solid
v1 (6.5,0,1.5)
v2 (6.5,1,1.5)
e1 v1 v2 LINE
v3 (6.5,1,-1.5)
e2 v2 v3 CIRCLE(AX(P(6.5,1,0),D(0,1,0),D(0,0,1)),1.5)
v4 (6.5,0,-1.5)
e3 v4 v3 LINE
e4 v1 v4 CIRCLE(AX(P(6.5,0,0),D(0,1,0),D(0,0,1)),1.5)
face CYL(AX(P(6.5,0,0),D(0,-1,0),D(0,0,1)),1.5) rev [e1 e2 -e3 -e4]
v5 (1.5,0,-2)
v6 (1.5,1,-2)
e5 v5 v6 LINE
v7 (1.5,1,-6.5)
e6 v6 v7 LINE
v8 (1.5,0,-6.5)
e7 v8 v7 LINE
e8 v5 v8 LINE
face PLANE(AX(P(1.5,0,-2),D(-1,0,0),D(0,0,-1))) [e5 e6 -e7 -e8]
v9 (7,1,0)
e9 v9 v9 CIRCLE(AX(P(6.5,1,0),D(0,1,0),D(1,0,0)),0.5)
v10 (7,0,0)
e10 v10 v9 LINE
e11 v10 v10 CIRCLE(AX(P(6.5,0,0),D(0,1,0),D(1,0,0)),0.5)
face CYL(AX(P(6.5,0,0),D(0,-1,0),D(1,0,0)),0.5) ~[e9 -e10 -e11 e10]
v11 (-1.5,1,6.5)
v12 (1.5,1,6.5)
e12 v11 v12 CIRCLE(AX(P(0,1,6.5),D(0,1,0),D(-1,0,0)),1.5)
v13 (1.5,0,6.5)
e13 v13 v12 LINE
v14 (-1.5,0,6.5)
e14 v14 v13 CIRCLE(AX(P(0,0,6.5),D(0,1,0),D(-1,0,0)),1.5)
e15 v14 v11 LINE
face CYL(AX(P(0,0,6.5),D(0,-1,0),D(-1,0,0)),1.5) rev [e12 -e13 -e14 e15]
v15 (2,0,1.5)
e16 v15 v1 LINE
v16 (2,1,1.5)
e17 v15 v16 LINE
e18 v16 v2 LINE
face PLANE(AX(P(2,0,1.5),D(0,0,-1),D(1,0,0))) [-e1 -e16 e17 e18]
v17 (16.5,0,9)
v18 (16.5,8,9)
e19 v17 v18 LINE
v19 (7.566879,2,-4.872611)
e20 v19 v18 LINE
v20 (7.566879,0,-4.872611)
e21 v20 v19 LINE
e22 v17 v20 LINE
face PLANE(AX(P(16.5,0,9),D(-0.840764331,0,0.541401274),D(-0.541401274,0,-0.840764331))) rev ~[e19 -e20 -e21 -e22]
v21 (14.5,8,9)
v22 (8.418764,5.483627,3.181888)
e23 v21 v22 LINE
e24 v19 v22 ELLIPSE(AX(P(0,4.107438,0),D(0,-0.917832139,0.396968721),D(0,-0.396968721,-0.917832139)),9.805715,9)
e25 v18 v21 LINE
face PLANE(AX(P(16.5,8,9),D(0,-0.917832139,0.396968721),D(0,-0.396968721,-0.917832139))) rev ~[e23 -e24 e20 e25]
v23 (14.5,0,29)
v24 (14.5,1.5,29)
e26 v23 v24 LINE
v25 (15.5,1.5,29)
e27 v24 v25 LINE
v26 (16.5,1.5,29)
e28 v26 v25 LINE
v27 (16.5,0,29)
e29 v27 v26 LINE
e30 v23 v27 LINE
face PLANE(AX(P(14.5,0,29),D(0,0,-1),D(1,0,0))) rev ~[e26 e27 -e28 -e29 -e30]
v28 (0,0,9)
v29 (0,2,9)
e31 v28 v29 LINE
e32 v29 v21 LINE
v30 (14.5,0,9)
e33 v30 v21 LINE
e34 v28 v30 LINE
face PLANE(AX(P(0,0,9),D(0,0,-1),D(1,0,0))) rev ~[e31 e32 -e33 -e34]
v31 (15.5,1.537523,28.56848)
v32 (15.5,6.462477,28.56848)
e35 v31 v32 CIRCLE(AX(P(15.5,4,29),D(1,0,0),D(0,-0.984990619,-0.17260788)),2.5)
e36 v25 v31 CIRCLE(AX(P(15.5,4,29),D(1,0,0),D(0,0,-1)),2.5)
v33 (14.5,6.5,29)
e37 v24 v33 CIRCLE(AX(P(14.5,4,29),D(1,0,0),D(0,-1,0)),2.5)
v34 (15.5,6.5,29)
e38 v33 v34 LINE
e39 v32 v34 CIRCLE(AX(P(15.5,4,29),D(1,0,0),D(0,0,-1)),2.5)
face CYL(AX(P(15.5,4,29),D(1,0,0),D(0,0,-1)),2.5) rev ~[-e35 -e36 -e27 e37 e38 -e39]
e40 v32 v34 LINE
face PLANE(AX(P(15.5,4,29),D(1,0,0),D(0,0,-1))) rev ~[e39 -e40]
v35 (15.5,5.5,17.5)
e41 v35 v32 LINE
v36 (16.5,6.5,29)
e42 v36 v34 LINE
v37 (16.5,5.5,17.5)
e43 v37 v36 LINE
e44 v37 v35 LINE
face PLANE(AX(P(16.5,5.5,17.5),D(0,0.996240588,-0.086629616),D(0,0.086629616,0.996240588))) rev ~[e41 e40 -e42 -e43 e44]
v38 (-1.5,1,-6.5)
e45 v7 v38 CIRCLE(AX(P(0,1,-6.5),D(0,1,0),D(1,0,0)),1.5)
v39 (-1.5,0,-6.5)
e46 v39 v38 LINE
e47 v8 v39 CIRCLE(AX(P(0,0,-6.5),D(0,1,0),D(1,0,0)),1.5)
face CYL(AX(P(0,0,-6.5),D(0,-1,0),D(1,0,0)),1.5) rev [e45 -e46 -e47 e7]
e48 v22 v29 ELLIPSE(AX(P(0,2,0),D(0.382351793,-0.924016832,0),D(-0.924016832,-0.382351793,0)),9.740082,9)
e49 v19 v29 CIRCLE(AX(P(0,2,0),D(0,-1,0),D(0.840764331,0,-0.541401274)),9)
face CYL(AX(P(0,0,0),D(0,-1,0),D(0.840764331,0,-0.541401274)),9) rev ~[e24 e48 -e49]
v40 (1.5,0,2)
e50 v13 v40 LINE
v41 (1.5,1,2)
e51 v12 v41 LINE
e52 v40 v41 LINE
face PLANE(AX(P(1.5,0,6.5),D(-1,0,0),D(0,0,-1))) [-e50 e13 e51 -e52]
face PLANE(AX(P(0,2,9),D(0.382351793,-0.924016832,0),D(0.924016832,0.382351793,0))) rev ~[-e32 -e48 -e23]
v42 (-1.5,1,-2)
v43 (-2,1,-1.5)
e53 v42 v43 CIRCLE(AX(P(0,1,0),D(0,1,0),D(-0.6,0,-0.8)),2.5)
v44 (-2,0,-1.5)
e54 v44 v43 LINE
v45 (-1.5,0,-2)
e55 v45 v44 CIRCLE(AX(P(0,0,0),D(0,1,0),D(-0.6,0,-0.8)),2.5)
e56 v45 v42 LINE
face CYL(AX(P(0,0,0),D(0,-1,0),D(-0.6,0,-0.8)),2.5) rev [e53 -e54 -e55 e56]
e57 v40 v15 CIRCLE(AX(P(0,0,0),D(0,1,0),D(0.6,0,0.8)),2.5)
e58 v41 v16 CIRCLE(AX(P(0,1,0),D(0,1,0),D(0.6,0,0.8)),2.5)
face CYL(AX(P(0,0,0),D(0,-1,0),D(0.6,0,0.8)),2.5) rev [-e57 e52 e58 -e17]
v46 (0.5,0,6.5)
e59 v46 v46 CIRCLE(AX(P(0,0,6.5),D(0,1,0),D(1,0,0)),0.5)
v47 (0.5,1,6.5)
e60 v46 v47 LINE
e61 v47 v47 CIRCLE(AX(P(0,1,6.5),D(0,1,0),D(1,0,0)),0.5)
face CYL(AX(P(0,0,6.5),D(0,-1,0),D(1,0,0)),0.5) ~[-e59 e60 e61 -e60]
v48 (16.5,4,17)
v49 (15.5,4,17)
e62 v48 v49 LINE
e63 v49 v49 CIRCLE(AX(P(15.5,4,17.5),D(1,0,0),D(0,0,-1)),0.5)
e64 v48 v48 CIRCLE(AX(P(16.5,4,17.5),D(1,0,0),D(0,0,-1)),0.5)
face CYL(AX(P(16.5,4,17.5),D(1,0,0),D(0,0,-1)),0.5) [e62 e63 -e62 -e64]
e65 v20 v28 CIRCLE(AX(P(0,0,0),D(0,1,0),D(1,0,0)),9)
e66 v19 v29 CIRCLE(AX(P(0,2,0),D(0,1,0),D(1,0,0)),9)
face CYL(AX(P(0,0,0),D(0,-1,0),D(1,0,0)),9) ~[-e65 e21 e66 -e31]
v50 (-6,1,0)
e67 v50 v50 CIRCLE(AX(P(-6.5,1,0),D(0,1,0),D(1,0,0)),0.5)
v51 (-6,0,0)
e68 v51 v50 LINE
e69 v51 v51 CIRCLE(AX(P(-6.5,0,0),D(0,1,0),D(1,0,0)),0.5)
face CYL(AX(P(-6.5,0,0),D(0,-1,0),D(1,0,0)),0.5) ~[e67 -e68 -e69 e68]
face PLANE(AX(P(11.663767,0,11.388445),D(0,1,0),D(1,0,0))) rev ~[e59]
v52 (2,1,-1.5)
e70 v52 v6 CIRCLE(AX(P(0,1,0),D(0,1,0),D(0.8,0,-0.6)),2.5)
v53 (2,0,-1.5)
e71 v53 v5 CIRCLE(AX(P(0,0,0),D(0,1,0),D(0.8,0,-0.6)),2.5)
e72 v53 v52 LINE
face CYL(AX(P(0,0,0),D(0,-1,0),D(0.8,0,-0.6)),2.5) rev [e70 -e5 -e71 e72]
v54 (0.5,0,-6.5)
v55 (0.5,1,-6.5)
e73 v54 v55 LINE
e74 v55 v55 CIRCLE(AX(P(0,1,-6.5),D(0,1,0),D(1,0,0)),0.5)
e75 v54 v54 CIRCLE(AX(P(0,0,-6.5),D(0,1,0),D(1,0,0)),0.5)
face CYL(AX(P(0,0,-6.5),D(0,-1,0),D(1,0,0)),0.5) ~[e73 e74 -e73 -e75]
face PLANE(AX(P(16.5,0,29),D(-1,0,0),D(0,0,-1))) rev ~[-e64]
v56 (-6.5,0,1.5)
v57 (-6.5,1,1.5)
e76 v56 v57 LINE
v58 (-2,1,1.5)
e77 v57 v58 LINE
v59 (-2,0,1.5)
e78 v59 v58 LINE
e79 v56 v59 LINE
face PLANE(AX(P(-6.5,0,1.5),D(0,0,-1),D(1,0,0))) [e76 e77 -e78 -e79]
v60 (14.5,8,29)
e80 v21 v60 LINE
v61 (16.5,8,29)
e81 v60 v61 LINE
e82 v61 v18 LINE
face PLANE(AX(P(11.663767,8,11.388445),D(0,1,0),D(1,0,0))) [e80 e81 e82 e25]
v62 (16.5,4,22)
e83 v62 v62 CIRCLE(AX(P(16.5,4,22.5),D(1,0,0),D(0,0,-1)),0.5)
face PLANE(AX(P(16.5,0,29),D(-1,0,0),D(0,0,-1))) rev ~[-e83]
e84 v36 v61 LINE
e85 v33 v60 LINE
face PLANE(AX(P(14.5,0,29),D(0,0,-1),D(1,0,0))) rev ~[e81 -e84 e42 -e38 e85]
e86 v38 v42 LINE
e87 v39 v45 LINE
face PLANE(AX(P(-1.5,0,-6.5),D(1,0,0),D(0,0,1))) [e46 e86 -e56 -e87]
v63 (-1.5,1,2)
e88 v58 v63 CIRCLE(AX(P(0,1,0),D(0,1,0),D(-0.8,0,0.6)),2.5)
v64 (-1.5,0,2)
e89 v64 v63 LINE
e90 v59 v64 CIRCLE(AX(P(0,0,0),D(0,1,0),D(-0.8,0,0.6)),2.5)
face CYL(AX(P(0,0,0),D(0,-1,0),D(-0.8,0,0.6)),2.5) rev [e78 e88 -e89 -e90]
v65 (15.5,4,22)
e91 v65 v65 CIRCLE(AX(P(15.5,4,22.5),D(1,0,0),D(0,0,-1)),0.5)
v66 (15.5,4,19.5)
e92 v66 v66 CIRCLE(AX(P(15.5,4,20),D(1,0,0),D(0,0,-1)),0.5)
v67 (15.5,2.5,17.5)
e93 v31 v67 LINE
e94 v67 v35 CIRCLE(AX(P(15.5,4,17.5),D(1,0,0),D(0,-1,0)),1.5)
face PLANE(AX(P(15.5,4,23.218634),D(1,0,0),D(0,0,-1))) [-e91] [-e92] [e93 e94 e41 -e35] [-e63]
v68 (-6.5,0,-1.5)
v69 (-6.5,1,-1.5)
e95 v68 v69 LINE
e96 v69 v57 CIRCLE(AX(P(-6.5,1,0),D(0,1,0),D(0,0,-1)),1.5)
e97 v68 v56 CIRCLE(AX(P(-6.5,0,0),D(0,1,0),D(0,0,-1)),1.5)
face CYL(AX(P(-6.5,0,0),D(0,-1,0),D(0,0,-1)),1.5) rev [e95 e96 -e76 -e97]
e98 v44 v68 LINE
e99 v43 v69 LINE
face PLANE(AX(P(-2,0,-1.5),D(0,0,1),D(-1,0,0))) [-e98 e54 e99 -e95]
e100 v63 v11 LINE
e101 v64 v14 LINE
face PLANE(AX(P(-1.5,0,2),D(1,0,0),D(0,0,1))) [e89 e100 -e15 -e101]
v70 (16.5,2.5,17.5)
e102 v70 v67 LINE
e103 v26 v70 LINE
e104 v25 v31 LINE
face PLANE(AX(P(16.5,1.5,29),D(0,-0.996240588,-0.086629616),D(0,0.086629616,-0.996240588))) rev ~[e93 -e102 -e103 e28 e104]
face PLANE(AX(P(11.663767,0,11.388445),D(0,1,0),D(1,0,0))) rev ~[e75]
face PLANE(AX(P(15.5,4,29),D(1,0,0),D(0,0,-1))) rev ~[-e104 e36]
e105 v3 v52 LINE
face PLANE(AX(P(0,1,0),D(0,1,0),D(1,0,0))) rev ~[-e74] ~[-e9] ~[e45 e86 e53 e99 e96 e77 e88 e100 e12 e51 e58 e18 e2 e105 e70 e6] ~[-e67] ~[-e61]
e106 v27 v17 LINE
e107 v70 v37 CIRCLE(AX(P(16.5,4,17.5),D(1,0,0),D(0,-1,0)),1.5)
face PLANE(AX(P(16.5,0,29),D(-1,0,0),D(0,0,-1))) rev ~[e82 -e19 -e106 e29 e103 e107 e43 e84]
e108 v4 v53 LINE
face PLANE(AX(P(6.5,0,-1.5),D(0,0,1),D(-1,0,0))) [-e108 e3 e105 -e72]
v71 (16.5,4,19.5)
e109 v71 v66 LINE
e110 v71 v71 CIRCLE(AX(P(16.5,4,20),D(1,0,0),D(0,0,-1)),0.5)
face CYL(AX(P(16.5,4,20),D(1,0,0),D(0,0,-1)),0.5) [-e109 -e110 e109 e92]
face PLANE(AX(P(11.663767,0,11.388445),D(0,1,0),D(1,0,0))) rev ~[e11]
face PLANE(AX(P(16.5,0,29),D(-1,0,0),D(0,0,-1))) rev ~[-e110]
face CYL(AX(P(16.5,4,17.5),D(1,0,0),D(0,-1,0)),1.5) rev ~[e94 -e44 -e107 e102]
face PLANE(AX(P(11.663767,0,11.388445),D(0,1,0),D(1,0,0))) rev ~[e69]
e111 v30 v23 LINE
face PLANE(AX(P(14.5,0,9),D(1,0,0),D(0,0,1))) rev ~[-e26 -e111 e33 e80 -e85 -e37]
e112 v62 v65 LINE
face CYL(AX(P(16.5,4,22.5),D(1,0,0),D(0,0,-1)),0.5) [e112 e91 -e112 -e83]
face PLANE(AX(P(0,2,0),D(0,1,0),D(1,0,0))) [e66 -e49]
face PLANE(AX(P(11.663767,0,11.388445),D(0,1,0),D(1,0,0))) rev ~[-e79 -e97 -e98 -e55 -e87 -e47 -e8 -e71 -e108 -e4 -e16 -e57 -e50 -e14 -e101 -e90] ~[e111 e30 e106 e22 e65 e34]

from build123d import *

# Parameters (mm, degrees)
SKETCH1_R           = 9
BOSS_EXTRUDE1_DEPTH = 2
BOSS_EXTRUDE2_DEPTH = 8
SKETCH1_5_R         = 0.5
CUT_EXTRUDE1_DEPTH  = 1
CUT_EXTRUDE2_DEPTH  = 9
SKETCH4_R           = 0.5
CUT_EXTRUDE5_DEPTH  = 1
SKETCH6_R           = 2.5
CUT_EXTRUDE6_DEPTH  = 10
CUT_EXTRUDE8_DEPTH  = 10


with BuildPart() as part:
    # Sketch1 → Boss-Extrude1 (new body)
    with BuildSketch(Plane(origin=(0, 0, 0), x_dir=(1, 0, 0), z_dir=(0, 1, 0))):
        Circle(SKETCH1_R)
    extrude(amount=BOSS_EXTRUDE1_DEPTH)

    # Sketch1<4> → Boss-Extrude2 (add)
    with BuildSketch(Plane(origin=(0, 0, 0), x_dir=(1, 0, 0), z_dir=(0, 1, 0))):
        with BuildLine():
            Line((0, -9), (14.5, -9))
            Line((14.5, -9), (14.5, -29))
            Line((14.5, -29), (16.5, -29))
            Line((16.5, -29), (16.5, -9))
            Line((16.5, -9), (7.566878981, 4.872611465))
            ThreePointArc((7.566878981, 4.872611465), (7.901060156, -4.309669176), (0, -9))
        make_face()
    extrude(amount=BOSS_EXTRUDE2_DEPTH)

    # Sketch1<5> → Cut-Extrude1 (cut)
    with BuildSketch(Plane(origin=(0, 0, 0), x_dir=(1, 0, 0), z_dir=(0, 1, 0))):
        with BuildLine():
            ThreePointArc((1.5, -2), (1.767766953, -1.767766953), (2, -1.5))
            Line((2, -1.5), (6.5, -1.5))
            ThreePointArc((6.5, -1.5), (8, 0), (6.5, 1.5))
            Line((6.5, 1.5), (2, 1.5))
            ThreePointArc((2, 1.5), (1.767766953, 1.767766953), (1.5, 2))
            Line((1.5, 2), (1.5, 6.5))
            ThreePointArc((1.5, 6.5), (0, 8), (-1.5, 6.5))
            Line((-1.5, 6.5), (-1.5, 2))
            ThreePointArc((-1.5, 2), (-1.767766953, 1.767766953), (-2, 1.5))
            Line((-2, 1.5), (-6.5, 1.5))
            ThreePointArc((-6.5, 1.5), (-8, 0), (-6.5, -1.5))
            Line((-6.5, -1.5), (-2, -1.5))
            ThreePointArc((-2, -1.5), (-1.767766953, -1.767766953), (-1.5, -2))
            Line((-1.5, -2), (-1.5, -6.5))
            ThreePointArc((-1.5, -6.5), (0, -8), (1.5, -6.5))
            Line((1.5, -6.5), (1.5, -2))
        make_face()
        with Locations((6.5, 0)):
            Circle(SKETCH1_5_R, mode=Mode.SUBTRACT)
        with Locations((0, -6.5)):
            Circle(SKETCH1_5_R, mode=Mode.SUBTRACT)
        with Locations((-6.5, 0)):
            Circle(SKETCH1_5_R, mode=Mode.SUBTRACT)
        with Locations((0, 6.5)):
            Circle(SKETCH1_5_R, mode=Mode.SUBTRACT)
    extrude(amount=CUT_EXTRUDE1_DEPTH, mode=Mode.SUBTRACT)

    # Sketch2 → Cut-Extrude2 (cut)
    with BuildSketch(Plane.XY.offset(9)):
        Polygon((0, 2), (14.5, 8), (0, 8), align=None)
    extrude(amount=-CUT_EXTRUDE2_DEPTH, mode=Mode.SUBTRACT)

    # Sketch4 → Cut-Extrude5 (cut)
    with BuildSketch(Plane(origin=(16.5, 0, 0), x_dir=(0, 0, -1), z_dir=(1, 0, 0))):
        with BuildLine():
            Line((-29, 6.5), (-29, 1.5))
            Line((-29, 1.5), (-17.5, 2.5))
            ThreePointArc((-17.5, 2.5), (-16, 4), (-17.5, 5.5))
            Line((-17.5, 5.5), (-29, 6.5))
        make_face()
        with Locations((-22.5, 4)):
            Circle(SKETCH4_R, mode=Mode.SUBTRACT)
        with Locations((-20, 4)):
            Circle(SKETCH4_R, mode=Mode.SUBTRACT)
        with Locations((-17.5, 4)):
            Circle(SKETCH4_R, mode=Mode.SUBTRACT)
    extrude(amount=-CUT_EXTRUDE5_DEPTH, mode=Mode.SUBTRACT)

    # Sketch6 → Cut-Extrude6 (cut)
    with BuildSketch(Plane(origin=(15.5, 0, 0), x_dir=(0, 0, -1), z_dir=(1, 0, 0))):
        with Locations((-29, 4)):
            Circle(SKETCH6_R)
    extrude(amount=-CUT_EXTRUDE6_DEPTH, mode=Mode.SUBTRACT)

    # Sketch8 → Cut-Extrude8 (cut)
    with BuildSketch(Plane(origin=(16.5, 0, 0), x_dir=(0, 0, -1), z_dir=(1, 0, 0))):
        Polygon((-9, 8), (4.872611465, 2), (4.872611465, 8), align=None)
    extrude(amount=-CUT_EXTRUDE8_DEPTH, mode=Mode.SUBTRACT)


solid = part.part
